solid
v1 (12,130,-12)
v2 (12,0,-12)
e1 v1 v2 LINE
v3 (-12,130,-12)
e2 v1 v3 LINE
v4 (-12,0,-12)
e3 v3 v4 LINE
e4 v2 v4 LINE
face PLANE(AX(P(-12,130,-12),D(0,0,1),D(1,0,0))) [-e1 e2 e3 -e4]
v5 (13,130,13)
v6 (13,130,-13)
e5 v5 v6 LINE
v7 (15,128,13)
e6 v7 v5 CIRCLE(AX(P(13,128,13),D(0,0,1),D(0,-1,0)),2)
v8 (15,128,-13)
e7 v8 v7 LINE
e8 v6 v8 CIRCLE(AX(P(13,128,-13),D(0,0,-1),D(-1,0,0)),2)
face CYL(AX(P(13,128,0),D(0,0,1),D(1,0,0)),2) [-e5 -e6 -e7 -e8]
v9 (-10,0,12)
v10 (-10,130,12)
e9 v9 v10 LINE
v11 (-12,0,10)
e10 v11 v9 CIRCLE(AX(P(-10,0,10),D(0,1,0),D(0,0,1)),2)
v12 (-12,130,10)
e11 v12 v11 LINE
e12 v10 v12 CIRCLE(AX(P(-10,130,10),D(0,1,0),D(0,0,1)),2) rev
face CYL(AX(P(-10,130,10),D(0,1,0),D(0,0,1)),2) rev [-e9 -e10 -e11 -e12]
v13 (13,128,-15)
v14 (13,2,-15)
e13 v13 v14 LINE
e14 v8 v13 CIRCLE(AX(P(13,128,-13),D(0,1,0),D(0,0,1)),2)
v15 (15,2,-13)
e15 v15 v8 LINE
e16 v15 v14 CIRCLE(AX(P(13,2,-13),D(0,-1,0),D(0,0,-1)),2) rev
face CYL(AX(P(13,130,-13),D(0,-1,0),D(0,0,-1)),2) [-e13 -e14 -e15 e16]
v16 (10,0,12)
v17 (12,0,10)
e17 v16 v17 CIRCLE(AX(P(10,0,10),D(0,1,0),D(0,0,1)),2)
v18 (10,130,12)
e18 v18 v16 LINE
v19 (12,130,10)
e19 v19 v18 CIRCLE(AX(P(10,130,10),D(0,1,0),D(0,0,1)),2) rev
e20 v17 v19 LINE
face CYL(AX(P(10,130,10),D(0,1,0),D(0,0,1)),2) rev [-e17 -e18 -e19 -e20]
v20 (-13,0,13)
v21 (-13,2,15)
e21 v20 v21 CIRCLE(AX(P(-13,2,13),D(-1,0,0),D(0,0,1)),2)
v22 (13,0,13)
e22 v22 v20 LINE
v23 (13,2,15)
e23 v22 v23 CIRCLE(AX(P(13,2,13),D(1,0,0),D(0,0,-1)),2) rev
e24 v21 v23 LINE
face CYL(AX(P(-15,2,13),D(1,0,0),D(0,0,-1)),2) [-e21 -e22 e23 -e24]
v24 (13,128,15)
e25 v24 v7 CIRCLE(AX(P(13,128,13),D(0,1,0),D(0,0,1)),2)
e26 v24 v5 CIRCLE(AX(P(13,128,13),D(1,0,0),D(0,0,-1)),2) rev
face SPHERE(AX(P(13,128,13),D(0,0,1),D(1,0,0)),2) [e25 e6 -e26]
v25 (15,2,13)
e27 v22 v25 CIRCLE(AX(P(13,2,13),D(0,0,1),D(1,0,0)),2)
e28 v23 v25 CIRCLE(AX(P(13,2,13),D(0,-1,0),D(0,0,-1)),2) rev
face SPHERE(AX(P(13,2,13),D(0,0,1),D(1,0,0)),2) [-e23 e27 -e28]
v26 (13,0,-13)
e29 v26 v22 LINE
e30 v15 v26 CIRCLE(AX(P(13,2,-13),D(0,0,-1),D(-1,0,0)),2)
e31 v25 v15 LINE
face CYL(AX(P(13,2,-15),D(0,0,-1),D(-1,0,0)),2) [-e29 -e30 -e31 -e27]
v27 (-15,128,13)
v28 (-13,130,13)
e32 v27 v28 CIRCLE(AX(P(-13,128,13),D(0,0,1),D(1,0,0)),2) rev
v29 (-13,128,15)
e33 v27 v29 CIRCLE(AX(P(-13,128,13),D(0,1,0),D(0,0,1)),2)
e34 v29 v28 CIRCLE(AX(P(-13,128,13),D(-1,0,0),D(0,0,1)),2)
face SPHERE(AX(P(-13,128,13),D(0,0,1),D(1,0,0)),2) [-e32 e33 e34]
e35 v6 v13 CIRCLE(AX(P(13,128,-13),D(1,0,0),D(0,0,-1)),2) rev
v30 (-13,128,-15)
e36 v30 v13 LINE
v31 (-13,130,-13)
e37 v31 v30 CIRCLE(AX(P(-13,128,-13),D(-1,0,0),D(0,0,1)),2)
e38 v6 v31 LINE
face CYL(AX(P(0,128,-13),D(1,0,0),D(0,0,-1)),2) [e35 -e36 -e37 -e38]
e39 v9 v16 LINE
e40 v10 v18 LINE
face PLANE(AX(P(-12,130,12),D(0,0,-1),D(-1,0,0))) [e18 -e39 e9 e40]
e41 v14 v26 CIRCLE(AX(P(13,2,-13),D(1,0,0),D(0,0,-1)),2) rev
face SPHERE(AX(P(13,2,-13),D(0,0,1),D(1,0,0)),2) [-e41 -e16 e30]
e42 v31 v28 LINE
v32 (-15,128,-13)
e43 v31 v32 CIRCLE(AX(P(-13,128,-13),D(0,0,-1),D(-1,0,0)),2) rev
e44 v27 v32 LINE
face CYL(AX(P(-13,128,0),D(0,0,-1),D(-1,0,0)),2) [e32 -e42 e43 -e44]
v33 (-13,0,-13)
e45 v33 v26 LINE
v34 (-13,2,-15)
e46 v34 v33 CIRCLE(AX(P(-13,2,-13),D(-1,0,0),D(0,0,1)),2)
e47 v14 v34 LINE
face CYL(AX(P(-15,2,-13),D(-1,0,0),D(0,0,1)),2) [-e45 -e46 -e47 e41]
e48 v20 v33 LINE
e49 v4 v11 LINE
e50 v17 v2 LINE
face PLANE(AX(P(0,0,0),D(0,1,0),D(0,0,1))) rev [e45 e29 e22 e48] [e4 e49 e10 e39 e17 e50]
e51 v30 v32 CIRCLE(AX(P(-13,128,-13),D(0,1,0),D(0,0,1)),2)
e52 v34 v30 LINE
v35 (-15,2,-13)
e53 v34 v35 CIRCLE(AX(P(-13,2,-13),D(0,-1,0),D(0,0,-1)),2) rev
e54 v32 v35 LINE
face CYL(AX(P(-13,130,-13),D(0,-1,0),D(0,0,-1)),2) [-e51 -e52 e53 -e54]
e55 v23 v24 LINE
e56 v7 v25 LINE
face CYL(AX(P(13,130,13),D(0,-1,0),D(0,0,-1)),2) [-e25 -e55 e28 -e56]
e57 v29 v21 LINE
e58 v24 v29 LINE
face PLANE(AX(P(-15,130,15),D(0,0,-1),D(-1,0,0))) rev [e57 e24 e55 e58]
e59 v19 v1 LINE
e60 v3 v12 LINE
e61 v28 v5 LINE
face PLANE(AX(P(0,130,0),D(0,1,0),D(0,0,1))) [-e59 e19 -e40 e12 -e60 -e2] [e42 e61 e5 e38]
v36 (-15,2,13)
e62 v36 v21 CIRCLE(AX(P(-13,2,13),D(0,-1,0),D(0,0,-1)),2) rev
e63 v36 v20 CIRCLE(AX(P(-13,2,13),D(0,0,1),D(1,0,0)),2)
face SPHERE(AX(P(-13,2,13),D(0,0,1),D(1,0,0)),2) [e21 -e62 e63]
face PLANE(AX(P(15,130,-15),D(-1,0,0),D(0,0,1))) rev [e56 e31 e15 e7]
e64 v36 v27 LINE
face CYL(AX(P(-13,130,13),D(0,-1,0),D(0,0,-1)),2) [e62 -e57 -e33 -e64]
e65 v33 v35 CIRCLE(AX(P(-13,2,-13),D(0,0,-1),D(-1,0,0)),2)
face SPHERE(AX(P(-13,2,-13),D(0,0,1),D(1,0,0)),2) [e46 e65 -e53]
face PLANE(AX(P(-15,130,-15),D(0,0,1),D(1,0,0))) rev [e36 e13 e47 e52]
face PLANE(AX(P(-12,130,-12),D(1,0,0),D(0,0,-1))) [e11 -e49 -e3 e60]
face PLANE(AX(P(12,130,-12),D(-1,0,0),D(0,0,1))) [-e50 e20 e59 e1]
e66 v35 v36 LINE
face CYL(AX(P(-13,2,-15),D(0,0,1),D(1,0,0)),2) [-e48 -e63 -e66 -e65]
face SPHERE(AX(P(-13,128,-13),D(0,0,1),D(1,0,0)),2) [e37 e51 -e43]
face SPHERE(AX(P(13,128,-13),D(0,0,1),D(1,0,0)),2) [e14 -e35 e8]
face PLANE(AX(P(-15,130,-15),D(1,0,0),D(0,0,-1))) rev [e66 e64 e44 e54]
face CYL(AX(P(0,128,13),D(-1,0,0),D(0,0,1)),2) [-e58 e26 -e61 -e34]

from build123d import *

# Parameters (mm, degrees)
CROQUIS1_W              = 30
CROQUIS1_H              = 30
CROQUIS1_W_2            = 24
CROQUIS1_H_2            = 24
SALIENTE_EXTRUIR1_DEPTH = 130
REDONDEO2_R             = 2


with BuildPart() as part:
    # Croquis1 → Saliente-Extruir1 (new body)
    with BuildSketch(Plane(origin=(0, 0, 0), x_dir=(1, 0, 0), z_dir=(0, 1, 0))):
        Rectangle(CROQUIS1_W, CROQUIS1_H)
        Rectangle(CROQUIS1_W_2, CROQUIS1_H_2, mode=Mode.SUBTRACT)
    extrude(amount=SALIENTE_EXTRUIR1_DEPTH)

    # Redondeo2
    redondeo2_edges = [part.edges().sort_by_distance(p)[0] for p in [
        (-15, 130, 0),
        (0, 130, 15),
        (12, 65, 12),
        (-12, 65, 12),
        (15, 130, 0),
        (0, 0, 15),
        (-15, 0, 0),
        (0, 0, -15),
        (15, 0, 0),
        (0, 130, -15),
        (15, 65, 15),
        (-15, 65, 15),
        (-15, 65, -15),
        (15, 65, -15),
    ]]
    fillet(redondeo2_edges, radius=REDONDEO2_R)


solid = part.part
